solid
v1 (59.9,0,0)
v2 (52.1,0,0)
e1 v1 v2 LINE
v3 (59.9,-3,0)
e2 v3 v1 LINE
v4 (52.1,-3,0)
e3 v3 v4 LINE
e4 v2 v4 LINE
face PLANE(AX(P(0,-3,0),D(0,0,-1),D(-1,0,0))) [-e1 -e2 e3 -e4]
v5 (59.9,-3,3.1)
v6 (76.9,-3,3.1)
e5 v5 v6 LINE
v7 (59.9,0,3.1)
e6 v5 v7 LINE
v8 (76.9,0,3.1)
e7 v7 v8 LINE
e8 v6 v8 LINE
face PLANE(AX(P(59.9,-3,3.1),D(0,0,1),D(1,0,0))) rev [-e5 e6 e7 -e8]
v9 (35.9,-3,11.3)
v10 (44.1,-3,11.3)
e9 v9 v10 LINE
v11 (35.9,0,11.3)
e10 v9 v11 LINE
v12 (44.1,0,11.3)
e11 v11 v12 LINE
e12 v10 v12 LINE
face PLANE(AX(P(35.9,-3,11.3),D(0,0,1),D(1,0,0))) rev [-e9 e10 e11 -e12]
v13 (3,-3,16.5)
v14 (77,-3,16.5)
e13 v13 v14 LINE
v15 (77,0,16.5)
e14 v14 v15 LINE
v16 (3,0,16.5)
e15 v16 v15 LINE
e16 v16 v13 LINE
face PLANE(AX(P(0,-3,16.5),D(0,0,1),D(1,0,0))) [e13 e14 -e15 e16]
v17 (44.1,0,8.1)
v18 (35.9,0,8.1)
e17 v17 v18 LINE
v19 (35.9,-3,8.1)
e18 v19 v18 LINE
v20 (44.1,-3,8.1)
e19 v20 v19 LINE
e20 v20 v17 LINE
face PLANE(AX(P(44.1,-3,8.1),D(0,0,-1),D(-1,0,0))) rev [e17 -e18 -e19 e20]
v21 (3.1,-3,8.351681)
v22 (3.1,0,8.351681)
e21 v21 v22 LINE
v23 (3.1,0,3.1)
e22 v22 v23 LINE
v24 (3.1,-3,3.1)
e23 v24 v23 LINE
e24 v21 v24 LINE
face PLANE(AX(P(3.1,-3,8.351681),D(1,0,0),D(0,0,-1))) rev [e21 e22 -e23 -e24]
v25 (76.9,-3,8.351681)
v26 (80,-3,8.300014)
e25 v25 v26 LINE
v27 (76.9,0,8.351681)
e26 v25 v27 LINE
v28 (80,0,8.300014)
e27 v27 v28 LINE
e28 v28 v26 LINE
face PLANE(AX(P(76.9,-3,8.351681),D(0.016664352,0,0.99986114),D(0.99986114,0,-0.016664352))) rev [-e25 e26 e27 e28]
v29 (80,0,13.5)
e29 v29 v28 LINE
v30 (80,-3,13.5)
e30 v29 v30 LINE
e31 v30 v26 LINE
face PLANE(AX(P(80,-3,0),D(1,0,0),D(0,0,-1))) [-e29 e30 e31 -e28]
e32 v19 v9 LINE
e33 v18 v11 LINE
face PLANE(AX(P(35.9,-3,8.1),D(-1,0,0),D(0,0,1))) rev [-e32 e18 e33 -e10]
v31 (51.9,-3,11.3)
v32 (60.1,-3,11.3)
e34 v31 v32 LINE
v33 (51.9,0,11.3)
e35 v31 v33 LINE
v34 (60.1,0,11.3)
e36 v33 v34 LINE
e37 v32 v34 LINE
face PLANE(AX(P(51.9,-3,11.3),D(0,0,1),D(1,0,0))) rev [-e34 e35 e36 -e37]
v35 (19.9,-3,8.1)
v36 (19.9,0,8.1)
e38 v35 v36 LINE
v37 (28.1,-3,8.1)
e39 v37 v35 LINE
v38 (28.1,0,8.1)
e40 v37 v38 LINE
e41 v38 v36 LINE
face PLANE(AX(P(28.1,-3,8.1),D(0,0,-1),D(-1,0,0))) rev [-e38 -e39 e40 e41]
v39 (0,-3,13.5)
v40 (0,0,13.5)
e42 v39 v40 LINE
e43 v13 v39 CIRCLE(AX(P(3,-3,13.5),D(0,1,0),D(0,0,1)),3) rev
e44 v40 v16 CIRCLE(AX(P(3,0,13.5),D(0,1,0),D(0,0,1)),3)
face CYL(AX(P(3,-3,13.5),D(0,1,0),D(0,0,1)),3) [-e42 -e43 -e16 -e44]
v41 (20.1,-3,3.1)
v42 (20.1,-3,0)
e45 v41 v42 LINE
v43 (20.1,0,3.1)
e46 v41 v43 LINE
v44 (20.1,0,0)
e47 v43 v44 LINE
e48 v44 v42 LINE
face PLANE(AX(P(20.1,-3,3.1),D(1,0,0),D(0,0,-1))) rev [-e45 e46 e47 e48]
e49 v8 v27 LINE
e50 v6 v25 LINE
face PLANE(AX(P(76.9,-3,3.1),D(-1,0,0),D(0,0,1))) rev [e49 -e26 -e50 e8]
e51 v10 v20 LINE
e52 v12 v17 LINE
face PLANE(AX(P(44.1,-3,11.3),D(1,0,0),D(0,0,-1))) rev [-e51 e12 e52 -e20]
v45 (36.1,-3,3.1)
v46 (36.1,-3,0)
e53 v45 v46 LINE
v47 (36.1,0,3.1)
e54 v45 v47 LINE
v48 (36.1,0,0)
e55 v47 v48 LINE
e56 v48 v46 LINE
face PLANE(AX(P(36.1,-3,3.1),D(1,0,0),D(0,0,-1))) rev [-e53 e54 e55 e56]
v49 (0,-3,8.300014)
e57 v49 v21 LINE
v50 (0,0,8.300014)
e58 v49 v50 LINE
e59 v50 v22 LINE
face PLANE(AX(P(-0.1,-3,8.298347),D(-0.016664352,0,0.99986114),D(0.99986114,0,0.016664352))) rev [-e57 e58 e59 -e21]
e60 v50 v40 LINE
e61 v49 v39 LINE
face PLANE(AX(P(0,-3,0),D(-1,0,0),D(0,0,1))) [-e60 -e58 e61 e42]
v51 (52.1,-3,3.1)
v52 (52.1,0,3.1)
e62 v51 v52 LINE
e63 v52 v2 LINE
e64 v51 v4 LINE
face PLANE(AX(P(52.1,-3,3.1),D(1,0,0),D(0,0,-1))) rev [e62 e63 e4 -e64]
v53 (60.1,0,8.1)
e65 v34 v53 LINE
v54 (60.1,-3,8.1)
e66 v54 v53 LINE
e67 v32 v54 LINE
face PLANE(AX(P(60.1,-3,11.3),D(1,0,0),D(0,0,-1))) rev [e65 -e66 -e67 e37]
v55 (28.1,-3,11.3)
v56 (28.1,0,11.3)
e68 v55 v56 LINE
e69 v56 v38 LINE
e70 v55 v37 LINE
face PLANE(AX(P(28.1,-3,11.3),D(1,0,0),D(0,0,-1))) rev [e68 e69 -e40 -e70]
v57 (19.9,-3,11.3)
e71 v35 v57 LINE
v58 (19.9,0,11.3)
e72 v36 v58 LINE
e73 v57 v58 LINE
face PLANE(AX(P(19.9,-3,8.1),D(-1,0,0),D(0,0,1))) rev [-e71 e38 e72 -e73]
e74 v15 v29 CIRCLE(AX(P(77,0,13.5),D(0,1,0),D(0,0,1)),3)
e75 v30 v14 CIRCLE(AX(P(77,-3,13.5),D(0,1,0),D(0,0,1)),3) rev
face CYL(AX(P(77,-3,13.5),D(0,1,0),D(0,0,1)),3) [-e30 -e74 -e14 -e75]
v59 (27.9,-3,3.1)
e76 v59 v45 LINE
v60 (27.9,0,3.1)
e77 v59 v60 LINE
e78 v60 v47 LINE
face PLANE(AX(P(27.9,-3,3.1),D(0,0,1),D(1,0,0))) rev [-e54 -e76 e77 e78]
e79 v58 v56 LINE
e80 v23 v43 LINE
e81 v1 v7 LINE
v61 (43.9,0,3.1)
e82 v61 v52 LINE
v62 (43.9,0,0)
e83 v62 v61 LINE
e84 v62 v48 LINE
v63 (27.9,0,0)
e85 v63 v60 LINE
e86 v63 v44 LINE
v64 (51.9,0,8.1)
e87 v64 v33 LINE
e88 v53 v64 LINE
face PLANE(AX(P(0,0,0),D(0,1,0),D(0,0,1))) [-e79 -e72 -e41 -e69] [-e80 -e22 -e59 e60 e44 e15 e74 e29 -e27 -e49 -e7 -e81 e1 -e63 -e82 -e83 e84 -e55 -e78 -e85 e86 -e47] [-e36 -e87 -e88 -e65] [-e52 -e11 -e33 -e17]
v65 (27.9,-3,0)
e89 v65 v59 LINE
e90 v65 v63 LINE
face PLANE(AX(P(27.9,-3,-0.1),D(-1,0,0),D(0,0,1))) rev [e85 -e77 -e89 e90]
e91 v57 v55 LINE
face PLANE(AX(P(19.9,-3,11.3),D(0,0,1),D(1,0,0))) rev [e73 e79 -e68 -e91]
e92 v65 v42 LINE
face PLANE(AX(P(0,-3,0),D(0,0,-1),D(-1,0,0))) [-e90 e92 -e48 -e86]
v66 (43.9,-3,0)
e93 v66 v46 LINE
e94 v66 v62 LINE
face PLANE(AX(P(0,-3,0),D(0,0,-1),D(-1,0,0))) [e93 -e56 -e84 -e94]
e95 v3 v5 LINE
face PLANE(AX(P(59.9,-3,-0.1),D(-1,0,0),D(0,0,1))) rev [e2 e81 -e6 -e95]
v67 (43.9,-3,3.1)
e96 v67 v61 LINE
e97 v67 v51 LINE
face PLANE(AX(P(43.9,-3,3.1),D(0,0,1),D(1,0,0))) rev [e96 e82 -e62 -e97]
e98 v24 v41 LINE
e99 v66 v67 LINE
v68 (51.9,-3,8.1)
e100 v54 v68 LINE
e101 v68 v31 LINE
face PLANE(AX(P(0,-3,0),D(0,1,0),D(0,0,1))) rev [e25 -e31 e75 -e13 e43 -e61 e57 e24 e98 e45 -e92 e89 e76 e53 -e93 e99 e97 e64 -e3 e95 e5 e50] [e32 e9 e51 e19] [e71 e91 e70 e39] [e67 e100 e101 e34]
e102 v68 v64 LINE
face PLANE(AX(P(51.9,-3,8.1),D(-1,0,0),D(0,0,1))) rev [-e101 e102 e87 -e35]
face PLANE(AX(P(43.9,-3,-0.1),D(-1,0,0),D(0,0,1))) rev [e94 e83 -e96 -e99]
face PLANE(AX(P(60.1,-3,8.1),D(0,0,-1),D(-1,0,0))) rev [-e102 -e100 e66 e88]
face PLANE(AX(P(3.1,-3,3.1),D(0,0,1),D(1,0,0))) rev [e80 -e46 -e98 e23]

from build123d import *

# Parameters (mm, degrees)
SKETCH1_W           = 80
SKETCH1_H           = 16.5
BOSS_EXTRUDE1_DEPTH = 3
SKETCH3_W           = 8.2
SKETCH3_H           = 3.2
CUT_EXTRUDE1_DEPTH  = 4
FILLET1_R           = 3


with BuildPart() as part:
    # Sketch1 → Boss-Extrude1 (new body)
    with BuildSketch(Plane(origin=(0, 0, 0), x_dir=(1, 0, 0), z_dir=(0, 1, 0))):
        with Locations((40, -8.25)):
            Rectangle(SKETCH1_W, SKETCH1_H)
    extrude(amount=-BOSS_EXTRUDE1_DEPTH)

    # Sketch3 → Cut-Extrude1 (cut, through all)
    with BuildSketch(Plane(origin=(0, 0, 0), x_dir=(1, 0, 0), z_dir=(0, 1, 0))):
        with Locations((24, -9.7)):
            Rectangle(SKETCH3_W, SKETCH3_H)
        with Locations((40, -9.7)):
            Rectangle(SKETCH3_W, SKETCH3_H)
        with Locations((32, -1.5)):
            Rectangle(SKETCH3_W, SKETCH3_H)
        with Locations((56, -9.7)):
            Rectangle(SKETCH3_W, SKETCH3_H)
        with Locations((48, -1.5)):
            Rectangle(SKETCH3_W, SKETCH3_H)
        Polygon((76.9, -3.1), (76.9, -8.351680555), (80.1, -8.298347221), (80.1, 0.1), (59.9, 0.1), (59.9, -3.1), align=None)
        Polygon((-0.1, -8.298347221), (3.1, -8.351680555), (3.1, -3.1), (20.1, -3.1), (20.1, 0.1), (-0.1, 0.1), align=None)
    extrude(amount=-CUT_EXTRUDE1_DEPTH, mode=Mode.SUBTRACT)

    # Fillet1
    fillet1_edges = [part.edges().sort_by_distance(p)[0] for p in [
        (80, -1.5, 16.5),
        (0, -1.5, 16.5),
    ]]
    fillet(fillet1_edges, radius=FILLET1_R)


solid = part.part
